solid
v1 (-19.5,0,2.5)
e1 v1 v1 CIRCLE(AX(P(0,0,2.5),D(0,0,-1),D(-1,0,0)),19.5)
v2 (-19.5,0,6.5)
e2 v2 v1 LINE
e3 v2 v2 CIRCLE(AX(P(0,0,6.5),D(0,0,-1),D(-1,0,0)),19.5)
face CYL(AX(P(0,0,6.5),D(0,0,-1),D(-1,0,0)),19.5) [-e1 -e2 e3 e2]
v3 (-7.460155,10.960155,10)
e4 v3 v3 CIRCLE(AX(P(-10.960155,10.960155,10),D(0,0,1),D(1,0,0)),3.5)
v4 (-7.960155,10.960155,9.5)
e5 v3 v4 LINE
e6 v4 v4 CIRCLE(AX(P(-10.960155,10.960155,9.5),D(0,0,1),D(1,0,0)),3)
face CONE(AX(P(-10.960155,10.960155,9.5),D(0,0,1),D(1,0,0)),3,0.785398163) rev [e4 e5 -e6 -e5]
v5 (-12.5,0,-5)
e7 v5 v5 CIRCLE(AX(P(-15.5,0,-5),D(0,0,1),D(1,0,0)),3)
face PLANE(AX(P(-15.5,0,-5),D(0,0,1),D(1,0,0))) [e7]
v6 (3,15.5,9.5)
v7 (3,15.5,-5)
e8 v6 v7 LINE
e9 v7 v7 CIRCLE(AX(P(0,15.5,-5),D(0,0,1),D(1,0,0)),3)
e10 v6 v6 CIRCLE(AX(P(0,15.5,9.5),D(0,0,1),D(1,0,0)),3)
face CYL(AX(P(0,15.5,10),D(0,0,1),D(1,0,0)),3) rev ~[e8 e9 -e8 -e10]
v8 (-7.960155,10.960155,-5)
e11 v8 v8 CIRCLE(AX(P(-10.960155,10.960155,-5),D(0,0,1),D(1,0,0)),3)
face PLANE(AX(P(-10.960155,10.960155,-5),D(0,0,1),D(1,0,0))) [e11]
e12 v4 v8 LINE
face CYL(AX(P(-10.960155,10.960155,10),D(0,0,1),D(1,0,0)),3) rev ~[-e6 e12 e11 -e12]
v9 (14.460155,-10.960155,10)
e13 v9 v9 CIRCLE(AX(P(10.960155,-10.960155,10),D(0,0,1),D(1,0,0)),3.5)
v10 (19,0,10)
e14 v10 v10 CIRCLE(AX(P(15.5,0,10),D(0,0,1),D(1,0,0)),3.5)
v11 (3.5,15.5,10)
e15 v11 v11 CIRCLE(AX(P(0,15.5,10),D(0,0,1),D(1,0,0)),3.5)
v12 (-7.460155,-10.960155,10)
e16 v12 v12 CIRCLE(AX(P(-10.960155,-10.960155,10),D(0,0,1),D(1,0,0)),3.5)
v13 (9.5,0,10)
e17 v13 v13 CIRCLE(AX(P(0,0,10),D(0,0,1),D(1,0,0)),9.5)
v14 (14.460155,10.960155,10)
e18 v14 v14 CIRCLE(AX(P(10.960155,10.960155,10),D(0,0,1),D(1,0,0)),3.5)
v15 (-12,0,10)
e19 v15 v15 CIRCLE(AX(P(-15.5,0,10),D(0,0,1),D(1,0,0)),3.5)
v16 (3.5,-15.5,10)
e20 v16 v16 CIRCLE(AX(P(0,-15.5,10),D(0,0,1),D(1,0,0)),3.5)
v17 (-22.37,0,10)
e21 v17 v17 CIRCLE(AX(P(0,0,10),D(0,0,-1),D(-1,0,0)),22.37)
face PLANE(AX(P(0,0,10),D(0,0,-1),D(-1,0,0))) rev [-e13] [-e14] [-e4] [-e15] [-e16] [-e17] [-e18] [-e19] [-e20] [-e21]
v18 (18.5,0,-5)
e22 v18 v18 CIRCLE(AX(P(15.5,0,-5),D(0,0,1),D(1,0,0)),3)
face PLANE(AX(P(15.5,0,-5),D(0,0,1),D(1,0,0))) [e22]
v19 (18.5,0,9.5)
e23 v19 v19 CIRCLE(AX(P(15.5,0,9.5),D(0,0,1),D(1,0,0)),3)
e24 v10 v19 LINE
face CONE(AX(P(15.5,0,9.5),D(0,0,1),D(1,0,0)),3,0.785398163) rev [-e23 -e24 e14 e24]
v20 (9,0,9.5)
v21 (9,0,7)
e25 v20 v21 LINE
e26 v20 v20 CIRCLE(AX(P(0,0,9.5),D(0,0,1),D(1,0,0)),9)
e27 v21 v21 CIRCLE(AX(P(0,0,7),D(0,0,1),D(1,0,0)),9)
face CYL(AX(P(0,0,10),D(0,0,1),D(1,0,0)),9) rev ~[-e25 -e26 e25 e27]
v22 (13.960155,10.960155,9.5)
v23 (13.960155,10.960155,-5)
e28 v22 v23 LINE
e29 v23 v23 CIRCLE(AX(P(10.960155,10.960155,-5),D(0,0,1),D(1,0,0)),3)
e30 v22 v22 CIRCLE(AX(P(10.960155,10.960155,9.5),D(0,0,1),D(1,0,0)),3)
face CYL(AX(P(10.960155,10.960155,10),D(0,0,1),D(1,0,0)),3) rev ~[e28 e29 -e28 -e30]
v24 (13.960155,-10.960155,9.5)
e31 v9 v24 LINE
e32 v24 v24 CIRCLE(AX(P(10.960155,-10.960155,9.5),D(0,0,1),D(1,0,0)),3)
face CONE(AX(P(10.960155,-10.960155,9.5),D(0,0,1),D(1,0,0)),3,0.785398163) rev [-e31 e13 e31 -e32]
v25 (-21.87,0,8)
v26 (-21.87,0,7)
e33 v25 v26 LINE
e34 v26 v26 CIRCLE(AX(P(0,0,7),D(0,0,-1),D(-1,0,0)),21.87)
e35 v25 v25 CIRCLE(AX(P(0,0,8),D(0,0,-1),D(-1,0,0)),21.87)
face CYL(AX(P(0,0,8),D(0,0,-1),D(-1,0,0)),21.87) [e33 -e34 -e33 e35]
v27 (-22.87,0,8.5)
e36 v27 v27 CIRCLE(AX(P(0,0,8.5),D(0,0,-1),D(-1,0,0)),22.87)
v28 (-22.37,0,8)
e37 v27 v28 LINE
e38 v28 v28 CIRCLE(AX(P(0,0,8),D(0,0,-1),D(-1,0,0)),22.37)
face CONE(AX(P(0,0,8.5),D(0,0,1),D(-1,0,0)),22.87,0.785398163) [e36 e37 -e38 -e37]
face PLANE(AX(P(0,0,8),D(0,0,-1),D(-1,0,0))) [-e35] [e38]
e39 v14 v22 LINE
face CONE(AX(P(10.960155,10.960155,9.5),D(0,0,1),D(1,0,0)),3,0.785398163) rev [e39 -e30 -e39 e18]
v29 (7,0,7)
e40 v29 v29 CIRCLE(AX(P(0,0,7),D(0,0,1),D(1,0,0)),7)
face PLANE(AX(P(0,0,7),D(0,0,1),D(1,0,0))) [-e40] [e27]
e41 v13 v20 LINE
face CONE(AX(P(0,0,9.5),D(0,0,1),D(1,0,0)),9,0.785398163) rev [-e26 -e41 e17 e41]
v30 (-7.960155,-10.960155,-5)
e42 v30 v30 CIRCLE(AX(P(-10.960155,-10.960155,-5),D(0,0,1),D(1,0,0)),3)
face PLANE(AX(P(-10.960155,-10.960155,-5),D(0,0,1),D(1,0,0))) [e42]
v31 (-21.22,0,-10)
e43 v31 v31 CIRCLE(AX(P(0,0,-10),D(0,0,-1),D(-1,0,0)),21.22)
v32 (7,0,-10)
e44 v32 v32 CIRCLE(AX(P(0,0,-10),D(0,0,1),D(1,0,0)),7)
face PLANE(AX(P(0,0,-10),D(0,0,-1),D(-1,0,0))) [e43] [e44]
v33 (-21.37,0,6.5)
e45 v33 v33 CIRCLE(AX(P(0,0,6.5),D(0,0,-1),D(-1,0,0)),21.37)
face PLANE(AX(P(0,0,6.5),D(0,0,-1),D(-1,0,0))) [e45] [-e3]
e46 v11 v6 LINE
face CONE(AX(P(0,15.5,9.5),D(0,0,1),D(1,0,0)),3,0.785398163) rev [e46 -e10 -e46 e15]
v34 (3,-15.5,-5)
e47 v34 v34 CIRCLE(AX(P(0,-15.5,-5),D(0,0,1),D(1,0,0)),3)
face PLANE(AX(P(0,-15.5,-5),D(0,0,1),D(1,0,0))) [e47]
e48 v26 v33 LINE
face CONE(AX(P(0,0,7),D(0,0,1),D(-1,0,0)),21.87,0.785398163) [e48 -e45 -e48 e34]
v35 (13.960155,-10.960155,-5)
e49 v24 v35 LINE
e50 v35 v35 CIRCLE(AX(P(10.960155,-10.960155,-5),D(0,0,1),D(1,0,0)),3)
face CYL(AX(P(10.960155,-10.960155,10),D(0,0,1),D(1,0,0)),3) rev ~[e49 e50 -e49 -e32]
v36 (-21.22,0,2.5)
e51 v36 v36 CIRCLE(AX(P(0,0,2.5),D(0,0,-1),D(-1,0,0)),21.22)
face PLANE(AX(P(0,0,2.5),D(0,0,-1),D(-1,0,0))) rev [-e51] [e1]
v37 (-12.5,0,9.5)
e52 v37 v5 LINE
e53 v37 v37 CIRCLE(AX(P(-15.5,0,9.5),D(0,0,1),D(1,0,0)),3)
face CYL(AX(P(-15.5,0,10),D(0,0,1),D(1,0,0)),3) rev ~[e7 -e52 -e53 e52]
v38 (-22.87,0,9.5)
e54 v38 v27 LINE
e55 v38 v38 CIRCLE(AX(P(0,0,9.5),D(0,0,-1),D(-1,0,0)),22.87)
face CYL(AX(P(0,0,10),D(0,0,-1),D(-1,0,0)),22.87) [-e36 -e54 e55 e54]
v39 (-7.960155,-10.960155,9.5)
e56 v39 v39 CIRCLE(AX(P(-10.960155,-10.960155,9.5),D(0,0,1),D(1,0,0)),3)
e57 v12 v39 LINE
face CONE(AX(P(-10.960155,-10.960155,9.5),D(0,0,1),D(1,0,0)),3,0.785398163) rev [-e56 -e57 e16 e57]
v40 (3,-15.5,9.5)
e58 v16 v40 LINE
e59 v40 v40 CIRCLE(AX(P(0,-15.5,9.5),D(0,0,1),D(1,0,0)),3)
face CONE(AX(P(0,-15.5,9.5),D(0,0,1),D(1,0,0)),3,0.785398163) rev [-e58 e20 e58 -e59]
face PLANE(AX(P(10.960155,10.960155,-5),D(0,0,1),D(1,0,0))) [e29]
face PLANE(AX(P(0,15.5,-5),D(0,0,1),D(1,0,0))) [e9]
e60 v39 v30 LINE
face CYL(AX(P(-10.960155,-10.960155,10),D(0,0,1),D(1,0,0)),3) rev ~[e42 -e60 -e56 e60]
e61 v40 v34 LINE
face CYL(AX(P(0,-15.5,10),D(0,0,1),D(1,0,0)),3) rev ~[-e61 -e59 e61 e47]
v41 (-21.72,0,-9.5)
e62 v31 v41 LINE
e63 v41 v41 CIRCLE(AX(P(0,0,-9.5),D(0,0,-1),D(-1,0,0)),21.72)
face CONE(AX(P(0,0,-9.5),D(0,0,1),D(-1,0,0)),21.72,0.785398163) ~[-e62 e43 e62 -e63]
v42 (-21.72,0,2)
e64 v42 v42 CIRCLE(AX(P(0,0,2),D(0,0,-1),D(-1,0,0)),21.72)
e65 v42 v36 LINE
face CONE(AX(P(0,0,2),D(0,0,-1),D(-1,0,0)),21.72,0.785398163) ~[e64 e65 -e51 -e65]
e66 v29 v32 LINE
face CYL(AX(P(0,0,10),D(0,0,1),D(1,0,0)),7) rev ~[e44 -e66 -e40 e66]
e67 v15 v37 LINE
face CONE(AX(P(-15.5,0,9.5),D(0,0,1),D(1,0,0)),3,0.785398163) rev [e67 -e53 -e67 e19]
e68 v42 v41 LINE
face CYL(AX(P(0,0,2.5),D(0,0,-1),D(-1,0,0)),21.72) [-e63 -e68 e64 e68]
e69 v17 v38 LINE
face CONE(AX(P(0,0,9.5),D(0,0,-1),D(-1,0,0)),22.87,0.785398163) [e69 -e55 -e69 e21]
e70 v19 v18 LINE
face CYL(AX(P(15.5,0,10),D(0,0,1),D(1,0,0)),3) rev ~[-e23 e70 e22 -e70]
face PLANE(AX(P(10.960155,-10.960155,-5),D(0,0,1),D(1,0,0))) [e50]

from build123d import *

# Parameters (mm, degrees)
F2_R     = 7
F3_DEPTH = 20.001
F2_R_2   = 3
F4_DEPTH = 15
F2_R_3   = 9
F5_DEPTH = 3
F6_SIZE  = 0.5
F7_SIZE  = 0.5


with BuildPart() as f1:
    # F0 (on Front) → F1 (revolve)
    with BuildSketch(Plane.XZ):
        Polygon((0, -10), (0, 10), (-22.87, 10), (-22.87, 8), (-21.87, 8), (-21.87, 6.5), (-19.5, 6.5), (-19.5, 2.5), (-21.72, 2.5), (-21.72, -10), align=None)
    revolve(axis=Axis((0, 0, 0), (0, 0, -1)))

    # F2 (on face) → F3 (cut, through all)
    with BuildSketch(Plane.XY.offset(10)):
        Circle(F2_R)
    extrude(amount=-F3_DEPTH, mode=Mode.SUBTRACT)

    # F2 (on face) → F4 (cut)
    with BuildSketch(Plane.XY.offset(10)):
        with Locations((-10.960155, 10.960155)):
            Circle(F2_R_2)
        with Locations((10.960155, 10.960155)):
            Circle(F2_R_2)
        with Locations((15.5, 0)):
            Circle(F2_R_2)
        with Locations((10.960155, -10.960155)):
            Circle(F2_R_2)
        with Locations((0, -15.5)):
            Circle(F2_R_2)
        with Locations((-10.960155, -10.960155)):
            Circle(F2_R_2)
        with Locations((-15.5, 0)):
            Circle(F2_R_2)
        with Locations((0, 15.5)):
            Circle(F2_R_2)
    extrude(amount=-F4_DEPTH, mode=Mode.SUBTRACT)

    # F2 (on face) → F5 (cut)
    with BuildSketch(Plane.XY.offset(10)):
        Circle(F2_R_3)
        Circle(F2_R, mode=Mode.SUBTRACT)
    extrude(amount=-F5_DEPTH, mode=Mode.SUBTRACT)

    # F6
    f6_edges = [f1.edges().sort_by_distance(p)[0] for p in [
        (22.87, 0, 10),
        (-13.960155, -10.960155, 10),
        (-3, -15.5, 10),
        (7.960155, -10.960155, 10),
        (-18.5, 0, 10),
        (-13.960155, 10.960155, 10),
        (-9, 0, 10),
        (12.5, 0, 10),
        (-3, 15.5, 10),
        (7.960155, 10.960155, 10),
    ]]
    chamfer(f6_edges, length=F6_SIZE)

    # F7
    f7_edges = [f1.edges().sort_by_distance(p)[0] for p in [
        (22.87, 0, 8),
        (21.87, 0, 6.5),
        (21.72, 0, 2.5),
        (21.72, 0, -10),
    ]]
    chamfer(f7_edges, length=F7_SIZE)


solid = f1.part
